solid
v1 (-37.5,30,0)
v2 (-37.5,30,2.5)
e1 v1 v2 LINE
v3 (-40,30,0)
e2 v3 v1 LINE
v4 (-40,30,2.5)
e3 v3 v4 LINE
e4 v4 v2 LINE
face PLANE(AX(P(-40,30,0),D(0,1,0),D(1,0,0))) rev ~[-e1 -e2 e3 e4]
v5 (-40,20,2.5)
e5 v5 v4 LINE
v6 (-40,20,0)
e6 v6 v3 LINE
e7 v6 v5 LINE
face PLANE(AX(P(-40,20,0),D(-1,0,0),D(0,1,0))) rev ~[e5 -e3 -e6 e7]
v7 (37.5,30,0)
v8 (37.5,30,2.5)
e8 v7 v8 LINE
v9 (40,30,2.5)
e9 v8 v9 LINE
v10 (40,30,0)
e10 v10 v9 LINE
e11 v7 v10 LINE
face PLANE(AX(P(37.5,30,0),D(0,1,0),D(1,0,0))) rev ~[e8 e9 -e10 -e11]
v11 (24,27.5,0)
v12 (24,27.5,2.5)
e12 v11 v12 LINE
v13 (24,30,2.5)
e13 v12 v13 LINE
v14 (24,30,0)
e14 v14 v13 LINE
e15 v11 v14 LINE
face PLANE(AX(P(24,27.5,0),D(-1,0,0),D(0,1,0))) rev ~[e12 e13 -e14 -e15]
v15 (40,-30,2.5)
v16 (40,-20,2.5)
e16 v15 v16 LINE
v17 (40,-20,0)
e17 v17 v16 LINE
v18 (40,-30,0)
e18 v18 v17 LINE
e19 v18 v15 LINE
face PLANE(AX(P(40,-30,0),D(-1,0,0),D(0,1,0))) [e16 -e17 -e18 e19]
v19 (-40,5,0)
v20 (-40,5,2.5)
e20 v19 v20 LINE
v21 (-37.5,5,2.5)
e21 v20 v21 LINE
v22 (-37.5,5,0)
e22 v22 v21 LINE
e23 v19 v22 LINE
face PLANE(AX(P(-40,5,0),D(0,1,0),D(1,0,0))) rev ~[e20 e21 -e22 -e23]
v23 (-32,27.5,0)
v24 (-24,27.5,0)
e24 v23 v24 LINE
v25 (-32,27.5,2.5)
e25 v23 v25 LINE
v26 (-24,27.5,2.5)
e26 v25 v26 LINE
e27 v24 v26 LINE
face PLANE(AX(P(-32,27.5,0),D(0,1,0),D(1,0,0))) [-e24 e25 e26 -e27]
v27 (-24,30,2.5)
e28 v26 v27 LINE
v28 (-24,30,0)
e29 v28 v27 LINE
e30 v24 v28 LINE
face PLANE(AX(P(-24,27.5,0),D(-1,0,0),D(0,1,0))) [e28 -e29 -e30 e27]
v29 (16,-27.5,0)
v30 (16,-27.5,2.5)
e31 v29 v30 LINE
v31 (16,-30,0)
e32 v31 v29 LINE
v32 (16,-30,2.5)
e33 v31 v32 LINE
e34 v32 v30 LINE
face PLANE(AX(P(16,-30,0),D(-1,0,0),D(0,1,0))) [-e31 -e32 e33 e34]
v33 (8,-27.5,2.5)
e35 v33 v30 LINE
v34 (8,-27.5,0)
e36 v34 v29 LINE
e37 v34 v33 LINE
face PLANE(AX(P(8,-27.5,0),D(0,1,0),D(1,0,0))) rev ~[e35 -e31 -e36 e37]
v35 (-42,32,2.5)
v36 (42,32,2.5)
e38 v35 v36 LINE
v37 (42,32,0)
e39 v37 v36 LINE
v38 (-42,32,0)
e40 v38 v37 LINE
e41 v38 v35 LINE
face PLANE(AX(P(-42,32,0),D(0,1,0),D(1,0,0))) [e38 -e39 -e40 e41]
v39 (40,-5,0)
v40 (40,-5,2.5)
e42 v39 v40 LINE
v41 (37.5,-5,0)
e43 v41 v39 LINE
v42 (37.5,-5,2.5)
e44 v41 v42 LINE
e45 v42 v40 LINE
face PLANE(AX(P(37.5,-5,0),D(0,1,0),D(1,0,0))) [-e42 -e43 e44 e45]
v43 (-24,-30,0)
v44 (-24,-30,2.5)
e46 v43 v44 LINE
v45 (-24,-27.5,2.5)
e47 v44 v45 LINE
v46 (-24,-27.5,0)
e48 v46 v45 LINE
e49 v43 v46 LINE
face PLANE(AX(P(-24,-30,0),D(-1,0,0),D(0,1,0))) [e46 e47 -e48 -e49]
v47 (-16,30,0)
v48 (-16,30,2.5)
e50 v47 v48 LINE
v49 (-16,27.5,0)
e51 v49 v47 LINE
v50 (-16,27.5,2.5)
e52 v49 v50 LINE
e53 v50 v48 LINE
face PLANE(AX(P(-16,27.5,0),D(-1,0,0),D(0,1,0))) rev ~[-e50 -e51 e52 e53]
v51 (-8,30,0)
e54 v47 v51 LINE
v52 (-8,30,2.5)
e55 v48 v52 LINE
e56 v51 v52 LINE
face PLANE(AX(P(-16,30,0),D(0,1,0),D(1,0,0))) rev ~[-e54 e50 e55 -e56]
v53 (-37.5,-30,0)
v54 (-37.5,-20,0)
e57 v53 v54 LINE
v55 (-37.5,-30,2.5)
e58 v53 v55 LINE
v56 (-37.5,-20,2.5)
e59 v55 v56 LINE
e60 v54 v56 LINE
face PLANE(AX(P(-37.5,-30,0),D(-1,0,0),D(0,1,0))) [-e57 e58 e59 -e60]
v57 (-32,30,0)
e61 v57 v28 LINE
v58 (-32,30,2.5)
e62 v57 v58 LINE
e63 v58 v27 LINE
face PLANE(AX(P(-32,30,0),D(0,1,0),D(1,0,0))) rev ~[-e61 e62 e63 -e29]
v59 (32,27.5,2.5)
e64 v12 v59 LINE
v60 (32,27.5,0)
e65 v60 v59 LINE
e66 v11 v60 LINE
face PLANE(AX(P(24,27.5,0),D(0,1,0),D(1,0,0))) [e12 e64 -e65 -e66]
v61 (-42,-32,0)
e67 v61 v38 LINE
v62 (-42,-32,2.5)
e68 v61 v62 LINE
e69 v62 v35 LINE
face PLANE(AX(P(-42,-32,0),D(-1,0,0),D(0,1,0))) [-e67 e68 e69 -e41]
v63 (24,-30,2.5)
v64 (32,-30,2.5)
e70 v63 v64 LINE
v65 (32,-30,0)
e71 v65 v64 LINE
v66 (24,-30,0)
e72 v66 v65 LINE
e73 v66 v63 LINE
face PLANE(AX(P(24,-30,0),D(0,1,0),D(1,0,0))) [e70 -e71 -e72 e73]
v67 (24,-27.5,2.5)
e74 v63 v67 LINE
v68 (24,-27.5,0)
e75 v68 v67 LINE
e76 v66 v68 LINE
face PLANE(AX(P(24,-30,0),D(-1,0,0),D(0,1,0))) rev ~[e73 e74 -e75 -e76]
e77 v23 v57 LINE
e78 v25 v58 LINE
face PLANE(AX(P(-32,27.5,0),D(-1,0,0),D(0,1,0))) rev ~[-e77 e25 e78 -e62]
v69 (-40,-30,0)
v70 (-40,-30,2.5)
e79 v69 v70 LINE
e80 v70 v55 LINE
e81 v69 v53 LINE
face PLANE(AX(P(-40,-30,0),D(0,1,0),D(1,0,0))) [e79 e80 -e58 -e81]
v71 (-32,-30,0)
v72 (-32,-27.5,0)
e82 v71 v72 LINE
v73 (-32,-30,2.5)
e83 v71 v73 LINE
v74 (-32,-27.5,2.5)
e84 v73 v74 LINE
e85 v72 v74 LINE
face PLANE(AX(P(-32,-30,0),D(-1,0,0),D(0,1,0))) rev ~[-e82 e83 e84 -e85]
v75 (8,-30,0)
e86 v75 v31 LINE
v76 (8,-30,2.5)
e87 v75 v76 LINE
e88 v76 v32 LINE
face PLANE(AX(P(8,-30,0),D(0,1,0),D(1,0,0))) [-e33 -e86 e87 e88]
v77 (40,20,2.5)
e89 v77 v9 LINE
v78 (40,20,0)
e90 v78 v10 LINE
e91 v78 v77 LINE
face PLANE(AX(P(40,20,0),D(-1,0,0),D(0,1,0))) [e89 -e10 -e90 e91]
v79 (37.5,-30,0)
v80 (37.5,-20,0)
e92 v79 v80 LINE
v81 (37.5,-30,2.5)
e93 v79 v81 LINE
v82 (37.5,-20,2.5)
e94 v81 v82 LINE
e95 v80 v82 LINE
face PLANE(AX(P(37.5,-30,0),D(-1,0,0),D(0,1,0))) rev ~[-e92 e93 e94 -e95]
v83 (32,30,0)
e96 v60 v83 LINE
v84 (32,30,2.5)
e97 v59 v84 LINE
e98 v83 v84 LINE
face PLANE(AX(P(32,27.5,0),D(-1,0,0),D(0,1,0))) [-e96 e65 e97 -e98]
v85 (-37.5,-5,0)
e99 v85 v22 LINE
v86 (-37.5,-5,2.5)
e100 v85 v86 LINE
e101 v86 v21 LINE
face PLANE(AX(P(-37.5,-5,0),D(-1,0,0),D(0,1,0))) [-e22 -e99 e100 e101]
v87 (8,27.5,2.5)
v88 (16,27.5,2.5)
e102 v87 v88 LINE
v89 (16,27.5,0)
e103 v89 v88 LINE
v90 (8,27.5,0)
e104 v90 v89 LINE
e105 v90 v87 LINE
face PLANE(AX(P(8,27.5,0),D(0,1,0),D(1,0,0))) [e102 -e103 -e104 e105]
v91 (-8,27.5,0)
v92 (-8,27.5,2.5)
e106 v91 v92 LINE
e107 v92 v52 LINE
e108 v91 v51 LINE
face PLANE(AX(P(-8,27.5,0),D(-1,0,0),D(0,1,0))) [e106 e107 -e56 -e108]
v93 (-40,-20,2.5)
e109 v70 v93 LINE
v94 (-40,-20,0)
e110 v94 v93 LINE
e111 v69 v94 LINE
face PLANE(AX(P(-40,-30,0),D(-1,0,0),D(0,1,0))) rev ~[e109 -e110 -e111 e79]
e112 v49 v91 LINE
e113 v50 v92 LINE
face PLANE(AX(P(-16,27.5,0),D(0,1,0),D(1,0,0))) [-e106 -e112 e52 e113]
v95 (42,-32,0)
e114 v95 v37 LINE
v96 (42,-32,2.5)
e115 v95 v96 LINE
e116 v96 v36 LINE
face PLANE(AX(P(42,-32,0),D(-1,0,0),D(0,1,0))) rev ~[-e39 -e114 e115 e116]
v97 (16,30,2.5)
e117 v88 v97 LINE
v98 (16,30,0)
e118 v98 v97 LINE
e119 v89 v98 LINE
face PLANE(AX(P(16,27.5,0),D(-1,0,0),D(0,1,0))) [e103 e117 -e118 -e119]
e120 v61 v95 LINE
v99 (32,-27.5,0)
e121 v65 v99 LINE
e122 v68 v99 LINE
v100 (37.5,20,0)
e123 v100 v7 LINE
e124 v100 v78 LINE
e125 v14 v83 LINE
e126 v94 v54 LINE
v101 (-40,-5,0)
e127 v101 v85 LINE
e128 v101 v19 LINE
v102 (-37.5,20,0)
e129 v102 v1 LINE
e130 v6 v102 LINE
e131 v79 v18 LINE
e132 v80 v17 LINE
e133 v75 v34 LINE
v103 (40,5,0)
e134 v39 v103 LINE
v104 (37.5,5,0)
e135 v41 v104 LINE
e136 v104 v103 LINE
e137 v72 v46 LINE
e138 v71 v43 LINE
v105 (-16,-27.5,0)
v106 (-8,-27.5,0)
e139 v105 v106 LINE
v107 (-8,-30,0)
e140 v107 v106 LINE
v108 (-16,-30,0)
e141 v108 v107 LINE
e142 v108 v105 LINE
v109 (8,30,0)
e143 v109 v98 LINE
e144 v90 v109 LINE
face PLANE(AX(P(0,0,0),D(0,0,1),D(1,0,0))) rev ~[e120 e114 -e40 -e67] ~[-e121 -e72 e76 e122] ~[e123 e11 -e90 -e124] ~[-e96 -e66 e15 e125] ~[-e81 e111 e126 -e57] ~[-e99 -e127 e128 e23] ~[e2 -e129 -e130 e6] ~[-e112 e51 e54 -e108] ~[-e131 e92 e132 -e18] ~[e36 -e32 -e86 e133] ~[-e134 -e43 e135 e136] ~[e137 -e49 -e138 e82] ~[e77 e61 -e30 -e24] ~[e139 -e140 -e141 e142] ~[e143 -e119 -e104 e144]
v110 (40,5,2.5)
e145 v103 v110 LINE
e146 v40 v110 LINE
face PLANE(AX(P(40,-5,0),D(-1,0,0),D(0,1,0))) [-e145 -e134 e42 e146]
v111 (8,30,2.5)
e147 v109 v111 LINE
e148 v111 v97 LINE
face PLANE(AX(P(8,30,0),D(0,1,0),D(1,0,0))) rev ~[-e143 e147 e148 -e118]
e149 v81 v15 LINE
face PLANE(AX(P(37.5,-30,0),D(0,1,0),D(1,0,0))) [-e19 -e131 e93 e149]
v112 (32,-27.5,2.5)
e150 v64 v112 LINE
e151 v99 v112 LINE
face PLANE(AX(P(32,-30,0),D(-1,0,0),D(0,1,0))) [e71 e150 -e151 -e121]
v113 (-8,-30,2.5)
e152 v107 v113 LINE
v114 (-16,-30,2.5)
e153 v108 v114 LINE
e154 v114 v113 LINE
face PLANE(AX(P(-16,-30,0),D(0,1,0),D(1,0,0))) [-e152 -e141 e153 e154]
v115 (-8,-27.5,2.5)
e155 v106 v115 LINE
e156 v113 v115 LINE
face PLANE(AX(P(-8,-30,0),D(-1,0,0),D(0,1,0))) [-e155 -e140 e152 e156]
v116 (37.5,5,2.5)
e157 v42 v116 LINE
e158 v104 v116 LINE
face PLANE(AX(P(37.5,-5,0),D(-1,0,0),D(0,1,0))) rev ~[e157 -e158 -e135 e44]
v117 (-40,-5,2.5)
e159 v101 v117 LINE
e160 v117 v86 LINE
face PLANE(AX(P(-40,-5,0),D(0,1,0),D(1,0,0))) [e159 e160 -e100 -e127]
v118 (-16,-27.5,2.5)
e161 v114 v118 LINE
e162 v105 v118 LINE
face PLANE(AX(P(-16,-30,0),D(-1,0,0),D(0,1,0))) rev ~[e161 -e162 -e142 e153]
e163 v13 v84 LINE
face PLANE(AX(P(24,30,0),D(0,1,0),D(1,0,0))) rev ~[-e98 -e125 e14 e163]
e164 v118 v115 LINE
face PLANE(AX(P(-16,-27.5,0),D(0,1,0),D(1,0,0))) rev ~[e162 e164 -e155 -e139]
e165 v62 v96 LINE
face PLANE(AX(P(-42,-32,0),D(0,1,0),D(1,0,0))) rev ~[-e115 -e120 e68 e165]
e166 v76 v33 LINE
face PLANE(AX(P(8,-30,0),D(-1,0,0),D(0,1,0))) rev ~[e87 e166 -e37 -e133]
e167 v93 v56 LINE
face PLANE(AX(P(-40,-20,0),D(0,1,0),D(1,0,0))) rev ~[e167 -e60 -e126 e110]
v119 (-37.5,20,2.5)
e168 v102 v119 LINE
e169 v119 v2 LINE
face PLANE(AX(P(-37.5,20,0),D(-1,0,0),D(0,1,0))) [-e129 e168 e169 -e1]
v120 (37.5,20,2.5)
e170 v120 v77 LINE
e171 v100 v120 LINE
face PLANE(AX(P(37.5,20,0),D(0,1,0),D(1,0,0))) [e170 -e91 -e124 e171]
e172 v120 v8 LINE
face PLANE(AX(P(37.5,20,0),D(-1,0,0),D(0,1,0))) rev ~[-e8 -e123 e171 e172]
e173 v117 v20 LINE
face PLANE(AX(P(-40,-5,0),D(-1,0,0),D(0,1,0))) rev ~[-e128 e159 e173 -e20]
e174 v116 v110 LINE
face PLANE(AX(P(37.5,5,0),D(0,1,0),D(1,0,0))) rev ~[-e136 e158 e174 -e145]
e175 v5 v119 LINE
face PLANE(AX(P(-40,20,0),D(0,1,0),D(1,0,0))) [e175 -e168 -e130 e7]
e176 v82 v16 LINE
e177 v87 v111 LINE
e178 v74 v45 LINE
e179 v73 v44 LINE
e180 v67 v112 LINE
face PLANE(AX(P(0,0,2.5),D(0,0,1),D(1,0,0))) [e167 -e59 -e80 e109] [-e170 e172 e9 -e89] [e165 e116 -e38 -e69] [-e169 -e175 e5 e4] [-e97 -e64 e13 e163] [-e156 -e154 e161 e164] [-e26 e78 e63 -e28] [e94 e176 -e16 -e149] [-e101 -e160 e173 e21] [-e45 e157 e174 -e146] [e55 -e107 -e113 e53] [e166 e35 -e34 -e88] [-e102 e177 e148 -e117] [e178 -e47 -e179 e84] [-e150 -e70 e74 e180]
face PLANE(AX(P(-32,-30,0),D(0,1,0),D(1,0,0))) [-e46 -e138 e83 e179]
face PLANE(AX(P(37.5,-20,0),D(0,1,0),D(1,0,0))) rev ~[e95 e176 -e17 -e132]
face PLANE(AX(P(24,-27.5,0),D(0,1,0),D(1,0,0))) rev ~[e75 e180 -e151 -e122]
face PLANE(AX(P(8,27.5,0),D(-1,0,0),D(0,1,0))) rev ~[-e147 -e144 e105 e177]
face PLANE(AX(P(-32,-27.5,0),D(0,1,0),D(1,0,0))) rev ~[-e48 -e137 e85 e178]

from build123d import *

# Parameters (mm, degrees)
SKETCH1_W           = 84
SKETCH1_H           = 64
SKETCH1_W_2         = 8
SKETCH1_H_2         = 2.5
SKETCH1_W_3         = 2.5
SKETCH1_H_3         = 10
BOSS_EXTRUDE1_DEPTH = 2.5


with BuildPart() as part:
    # Sketch1 → Boss-Extrude1 (new body)
    with BuildSketch(Plane.XY):
        Rectangle(SKETCH1_W, SKETCH1_H)
        with Locations((-12, 28.75)):
            Rectangle(SKETCH1_W_2, SKETCH1_H_2, mode=Mode.SUBTRACT)
        with Locations((-28, 28.75)):
            Rectangle(SKETCH1_W_2, SKETCH1_H_2, mode=Mode.SUBTRACT)
        with Locations((-12, -28.75)):
            Rectangle(SKETCH1_W_2, SKETCH1_H_2, mode=Mode.SUBTRACT)
        with Locations((-28, -28.75)):
            Rectangle(SKETCH1_W_2, SKETCH1_H_2, mode=Mode.SUBTRACT)
        with Locations((-38.75, 0)):
            Rectangle(SKETCH1_W_3, SKETCH1_H_3, mode=Mode.SUBTRACT)
        with Locations((-38.75, 25)):
            Rectangle(SKETCH1_W_3, SKETCH1_H_3, mode=Mode.SUBTRACT)
        with Locations((-38.75, -25)):
            Rectangle(SKETCH1_W_3, SKETCH1_H_3, mode=Mode.SUBTRACT)
        with Locations((12, 28.75)):
            Rectangle(SKETCH1_W_2, SKETCH1_H_2, mode=Mode.SUBTRACT)
        with Locations((28, 28.75)):
            Rectangle(SKETCH1_W_2, SKETCH1_H_2, mode=Mode.SUBTRACT)
        with Locations((38.75, 25)):
            Rectangle(SKETCH1_W_3, SKETCH1_H_3, mode=Mode.SUBTRACT)
        with Locations((38.75, 0)):
            Rectangle(SKETCH1_W_3, SKETCH1_H_3, mode=Mode.SUBTRACT)
        with Locations((28, -28.75)):
            Rectangle(SKETCH1_W_2, SKETCH1_H_2, mode=Mode.SUBTRACT)
        with Locations((12, -28.75)):
            Rectangle(SKETCH1_W_2, SKETCH1_H_2, mode=Mode.SUBTRACT)
        with Locations((38.75, -25)):
            Rectangle(SKETCH1_W_3, SKETCH1_H_3, mode=Mode.SUBTRACT)
    extrude(amount=BOSS_EXTRUDE1_DEPTH)


solid = part.part
